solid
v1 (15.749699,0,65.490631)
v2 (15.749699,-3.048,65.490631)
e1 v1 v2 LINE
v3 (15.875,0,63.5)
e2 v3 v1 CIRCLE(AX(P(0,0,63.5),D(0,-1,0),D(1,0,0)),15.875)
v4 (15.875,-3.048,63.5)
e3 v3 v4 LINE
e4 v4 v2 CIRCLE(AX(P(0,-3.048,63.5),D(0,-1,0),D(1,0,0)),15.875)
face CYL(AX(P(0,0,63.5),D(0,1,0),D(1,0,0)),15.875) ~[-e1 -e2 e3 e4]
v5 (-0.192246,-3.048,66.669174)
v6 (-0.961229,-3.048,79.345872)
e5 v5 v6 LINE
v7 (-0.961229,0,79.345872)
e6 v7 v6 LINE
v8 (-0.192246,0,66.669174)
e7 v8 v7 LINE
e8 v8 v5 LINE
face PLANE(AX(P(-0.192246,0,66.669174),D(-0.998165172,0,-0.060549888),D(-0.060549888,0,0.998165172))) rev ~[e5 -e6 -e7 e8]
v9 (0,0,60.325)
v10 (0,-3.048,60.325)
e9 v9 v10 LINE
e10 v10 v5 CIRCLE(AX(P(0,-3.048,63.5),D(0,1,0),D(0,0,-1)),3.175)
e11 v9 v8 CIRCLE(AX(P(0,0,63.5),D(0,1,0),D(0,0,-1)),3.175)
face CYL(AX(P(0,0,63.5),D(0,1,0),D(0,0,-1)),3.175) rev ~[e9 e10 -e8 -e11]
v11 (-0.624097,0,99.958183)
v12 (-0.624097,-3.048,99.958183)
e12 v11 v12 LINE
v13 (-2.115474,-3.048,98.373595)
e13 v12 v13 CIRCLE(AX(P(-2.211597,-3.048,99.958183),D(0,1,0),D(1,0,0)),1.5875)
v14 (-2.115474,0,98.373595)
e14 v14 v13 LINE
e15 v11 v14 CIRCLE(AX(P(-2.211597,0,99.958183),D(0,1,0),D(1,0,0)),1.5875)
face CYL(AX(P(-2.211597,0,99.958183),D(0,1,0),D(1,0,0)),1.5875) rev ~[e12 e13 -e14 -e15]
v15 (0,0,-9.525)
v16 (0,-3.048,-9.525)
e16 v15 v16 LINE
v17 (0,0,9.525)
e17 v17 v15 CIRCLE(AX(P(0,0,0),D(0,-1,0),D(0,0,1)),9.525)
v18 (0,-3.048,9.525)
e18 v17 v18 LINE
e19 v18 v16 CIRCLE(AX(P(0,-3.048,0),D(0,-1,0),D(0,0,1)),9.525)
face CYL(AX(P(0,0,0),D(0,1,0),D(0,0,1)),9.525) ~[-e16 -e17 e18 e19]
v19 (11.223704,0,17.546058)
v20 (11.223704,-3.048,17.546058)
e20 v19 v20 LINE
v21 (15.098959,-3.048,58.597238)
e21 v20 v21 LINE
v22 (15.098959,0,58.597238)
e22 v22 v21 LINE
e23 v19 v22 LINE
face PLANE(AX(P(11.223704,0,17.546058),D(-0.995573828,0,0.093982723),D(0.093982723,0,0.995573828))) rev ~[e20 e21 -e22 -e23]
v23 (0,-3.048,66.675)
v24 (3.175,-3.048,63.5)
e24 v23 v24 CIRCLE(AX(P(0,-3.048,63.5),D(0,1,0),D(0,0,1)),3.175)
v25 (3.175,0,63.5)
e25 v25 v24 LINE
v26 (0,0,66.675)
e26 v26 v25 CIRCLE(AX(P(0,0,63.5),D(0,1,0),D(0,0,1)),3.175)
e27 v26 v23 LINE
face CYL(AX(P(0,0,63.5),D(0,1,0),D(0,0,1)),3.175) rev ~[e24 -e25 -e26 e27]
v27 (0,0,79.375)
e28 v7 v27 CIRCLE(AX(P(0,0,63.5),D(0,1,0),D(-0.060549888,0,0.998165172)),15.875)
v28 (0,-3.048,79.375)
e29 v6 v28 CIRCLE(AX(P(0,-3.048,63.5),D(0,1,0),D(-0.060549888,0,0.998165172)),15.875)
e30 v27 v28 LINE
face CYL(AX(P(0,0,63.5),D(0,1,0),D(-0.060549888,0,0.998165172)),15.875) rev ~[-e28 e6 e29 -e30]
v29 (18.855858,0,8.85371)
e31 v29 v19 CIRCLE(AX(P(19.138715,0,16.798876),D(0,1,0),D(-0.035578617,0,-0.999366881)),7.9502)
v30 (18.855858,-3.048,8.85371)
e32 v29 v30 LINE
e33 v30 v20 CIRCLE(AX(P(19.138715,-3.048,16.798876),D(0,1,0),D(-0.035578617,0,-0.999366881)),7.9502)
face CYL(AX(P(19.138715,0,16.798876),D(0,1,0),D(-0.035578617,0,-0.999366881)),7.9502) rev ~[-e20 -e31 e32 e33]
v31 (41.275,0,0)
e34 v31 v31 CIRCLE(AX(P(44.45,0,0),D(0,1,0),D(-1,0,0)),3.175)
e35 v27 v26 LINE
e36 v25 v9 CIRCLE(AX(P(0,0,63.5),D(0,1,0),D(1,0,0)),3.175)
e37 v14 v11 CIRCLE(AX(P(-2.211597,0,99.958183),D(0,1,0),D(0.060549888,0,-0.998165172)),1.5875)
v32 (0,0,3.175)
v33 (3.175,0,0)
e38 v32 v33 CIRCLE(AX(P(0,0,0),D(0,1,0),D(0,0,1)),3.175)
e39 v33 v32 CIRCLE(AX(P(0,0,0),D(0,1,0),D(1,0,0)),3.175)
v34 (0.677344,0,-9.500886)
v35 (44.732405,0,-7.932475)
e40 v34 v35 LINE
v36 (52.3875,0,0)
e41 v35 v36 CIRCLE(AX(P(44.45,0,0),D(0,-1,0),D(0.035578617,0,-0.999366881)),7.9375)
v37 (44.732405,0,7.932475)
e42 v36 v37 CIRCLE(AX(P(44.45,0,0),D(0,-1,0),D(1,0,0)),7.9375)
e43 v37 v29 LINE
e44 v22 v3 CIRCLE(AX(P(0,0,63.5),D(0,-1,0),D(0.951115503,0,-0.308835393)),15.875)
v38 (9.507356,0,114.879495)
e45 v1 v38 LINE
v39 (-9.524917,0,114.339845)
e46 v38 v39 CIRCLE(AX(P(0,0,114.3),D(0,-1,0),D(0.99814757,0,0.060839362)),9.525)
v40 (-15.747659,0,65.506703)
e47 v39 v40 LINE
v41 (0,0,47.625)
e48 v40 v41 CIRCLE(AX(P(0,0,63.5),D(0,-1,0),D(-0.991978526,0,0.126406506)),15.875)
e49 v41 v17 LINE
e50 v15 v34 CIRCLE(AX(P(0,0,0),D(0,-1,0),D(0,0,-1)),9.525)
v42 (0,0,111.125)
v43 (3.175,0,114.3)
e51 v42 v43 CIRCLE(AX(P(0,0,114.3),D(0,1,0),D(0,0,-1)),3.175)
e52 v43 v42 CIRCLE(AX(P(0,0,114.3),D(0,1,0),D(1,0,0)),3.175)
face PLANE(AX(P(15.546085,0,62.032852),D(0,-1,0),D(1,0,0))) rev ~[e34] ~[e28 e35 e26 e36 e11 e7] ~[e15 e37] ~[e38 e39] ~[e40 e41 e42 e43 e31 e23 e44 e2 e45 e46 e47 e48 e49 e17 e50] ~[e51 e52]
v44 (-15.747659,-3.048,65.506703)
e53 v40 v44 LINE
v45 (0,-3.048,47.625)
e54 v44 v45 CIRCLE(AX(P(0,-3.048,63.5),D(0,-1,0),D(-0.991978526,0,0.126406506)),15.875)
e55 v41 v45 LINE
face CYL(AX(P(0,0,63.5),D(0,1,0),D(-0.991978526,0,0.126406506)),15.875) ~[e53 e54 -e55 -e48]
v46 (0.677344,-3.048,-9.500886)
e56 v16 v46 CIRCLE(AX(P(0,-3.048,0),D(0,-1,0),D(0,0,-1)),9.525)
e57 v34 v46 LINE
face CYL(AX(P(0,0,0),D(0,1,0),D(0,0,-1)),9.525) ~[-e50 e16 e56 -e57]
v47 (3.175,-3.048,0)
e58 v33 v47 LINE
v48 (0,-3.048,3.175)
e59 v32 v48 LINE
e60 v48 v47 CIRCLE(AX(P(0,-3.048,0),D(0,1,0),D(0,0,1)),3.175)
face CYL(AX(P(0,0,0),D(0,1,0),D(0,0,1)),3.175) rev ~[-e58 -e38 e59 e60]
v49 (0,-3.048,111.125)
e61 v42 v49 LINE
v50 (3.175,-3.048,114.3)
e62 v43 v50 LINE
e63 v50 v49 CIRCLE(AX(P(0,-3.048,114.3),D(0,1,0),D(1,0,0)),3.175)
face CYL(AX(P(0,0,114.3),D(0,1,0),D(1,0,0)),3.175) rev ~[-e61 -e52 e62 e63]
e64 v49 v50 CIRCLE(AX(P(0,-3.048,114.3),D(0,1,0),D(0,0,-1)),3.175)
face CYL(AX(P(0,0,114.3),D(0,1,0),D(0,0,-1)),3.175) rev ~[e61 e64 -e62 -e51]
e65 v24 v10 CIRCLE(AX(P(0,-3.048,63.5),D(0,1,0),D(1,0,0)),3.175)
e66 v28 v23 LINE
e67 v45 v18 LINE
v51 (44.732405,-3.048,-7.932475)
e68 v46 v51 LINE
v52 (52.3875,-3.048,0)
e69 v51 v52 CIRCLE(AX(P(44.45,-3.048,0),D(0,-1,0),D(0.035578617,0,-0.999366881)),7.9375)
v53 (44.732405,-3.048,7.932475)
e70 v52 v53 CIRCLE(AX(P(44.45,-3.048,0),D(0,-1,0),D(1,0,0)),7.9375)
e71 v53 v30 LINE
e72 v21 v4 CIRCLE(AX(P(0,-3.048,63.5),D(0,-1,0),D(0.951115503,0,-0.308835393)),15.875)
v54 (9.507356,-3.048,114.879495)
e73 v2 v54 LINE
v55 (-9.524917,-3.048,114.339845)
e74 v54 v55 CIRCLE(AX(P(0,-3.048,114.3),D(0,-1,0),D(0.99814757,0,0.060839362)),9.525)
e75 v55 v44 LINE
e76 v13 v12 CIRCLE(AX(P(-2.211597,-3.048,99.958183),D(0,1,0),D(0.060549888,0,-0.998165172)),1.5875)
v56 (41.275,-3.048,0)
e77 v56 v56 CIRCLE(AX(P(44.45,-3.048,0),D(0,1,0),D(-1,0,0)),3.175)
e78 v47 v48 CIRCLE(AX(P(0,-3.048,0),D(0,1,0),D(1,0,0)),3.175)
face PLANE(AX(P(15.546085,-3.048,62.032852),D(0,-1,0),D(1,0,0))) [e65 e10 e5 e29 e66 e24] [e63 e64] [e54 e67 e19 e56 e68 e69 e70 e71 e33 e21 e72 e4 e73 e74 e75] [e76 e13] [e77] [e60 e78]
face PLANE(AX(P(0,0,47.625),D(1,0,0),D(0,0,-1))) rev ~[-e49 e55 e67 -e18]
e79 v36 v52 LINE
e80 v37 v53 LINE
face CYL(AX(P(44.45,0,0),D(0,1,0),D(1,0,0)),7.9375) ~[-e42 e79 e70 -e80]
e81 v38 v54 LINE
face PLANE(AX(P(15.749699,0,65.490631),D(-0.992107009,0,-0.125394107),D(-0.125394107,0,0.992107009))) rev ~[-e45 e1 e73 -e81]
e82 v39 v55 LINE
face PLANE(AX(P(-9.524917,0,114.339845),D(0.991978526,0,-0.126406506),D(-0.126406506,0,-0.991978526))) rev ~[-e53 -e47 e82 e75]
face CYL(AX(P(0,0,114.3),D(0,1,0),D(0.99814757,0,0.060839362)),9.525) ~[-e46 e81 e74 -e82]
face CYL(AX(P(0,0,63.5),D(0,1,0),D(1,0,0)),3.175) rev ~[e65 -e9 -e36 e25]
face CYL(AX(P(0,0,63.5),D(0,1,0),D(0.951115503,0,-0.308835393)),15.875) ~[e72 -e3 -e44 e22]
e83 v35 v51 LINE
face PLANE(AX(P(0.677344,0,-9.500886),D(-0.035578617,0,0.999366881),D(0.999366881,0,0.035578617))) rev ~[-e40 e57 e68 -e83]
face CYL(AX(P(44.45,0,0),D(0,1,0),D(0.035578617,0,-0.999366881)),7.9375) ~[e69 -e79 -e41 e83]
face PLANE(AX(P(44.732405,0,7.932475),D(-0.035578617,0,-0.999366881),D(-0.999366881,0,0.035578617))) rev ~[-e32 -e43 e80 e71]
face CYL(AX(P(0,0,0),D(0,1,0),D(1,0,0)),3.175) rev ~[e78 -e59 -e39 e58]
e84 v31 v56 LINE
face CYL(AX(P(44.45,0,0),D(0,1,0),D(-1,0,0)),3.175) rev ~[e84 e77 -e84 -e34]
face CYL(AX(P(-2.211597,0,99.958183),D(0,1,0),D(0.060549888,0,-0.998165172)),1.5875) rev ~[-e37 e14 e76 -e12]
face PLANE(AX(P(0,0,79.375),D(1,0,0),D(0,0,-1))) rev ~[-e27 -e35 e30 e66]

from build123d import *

# Parameters (mm, degrees)
F1_DEPTH = 3.048


with BuildPart() as f1:
    # F0 (on Front) → F1 (new body)
    with BuildSketch(Plane.XZ):
        with BuildLine():
            ThreePointArc((15.0989586091, 58.5972381334), (15.6797894265, 61.0180998126), (15.875, 63.5))
            ThreePointArc((15.875, 63.5), (15.843643726, 64.4972855577), (15.7496987737, 65.4906314418))
            Line((15.7496987737, 65.4906314418), (15.0989586091, 58.5972381334))
        make_face()
        with BuildLine():
            Line((15.0989586091, 58.5972381334), (15.7496987737, 65.4906314418))
            ThreePointArc((15.7496987737, 65.4906314418), (10.4979605367, 75.408335298), (0, 79.375))
            Line((0, 79.375), (0, 66.675))
            ThreePointArc((0, 66.675), (2.2450640303, 65.7450640303), (3.175, 63.5))
            ThreePointArc((3.175, 63.5), (2.2450640303, 61.2549359697), (0, 60.325))
            Line((0, 60.325), (0, 47.625))
            ThreePointArc((0, 47.625), (9.3323169783, 50.6577461162), (15.0989586091, 58.5972381334))
        make_face()
        with BuildLine():
            ThreePointArc((0, 79.375), (10.4979605367, 75.408335298), (15.7496987737, 65.4906314418))
            Line((15.7496987737, 65.4906314418), (9.5073556067, 114.8794949239))
            ThreePointArc((9.5073556067, 114.8794949239), (9.5205878798, 114.5898817394), (9.525, 114.3))
            ThreePointArc((9.525, 114.3), (6.7351920908, 107.5648079092), (0, 104.775))
            Line((0, 104.775), (0, 79.375))
        make_face()
        with BuildLine():
            Line((11.2237043258, 17.546057651), (15.0989586091, 58.5972381334))
            ThreePointArc((15.0989586091, 58.5972381334), (9.3323169783, 50.6577461162), (0, 47.625))
            Line((0, 47.625), (0, 9.525))
            ThreePointArc((0, 9.525), (6.7351920908, 6.7351920908), (9.525, 0))
            Line((9.525, 0), (36.5125, 0))
            ThreePointArc((36.5125, 0), (38.9380895153, 5.7116327839), (44.7324052746, 7.9324746146))
            Line((44.7324052746, 7.9324746146), (18.8558582529, 8.853709629))
            ThreePointArc((18.8558582529, 8.853709629), (13.1645636219, 11.5533837704), (11.2237043258, 17.546057651))
        make_face()
        with BuildLine():
            ThreePointArc((-0.9612294652, 79.3458721096), (-0.4808353457, 79.3677163565), (0, 79.375))
            Line((0, 79.375), (0, 104.775))
            ThreePointArc((0, 104.775), (-6.7492648996, 107.5789101839), (-9.5249166577, 114.339845498))
            Line((-9.5249166577, 114.339845498), (-15.7476590945, 65.5067032771))
            ThreePointArc((-15.7476590945, 65.5067032771), (-10.8479208938, 75.0904373205), (-0.9612294652, 79.3458721096))
        make_face()
        with BuildLine():
            ThreePointArc((-0.6240967535, 99.9581825499), (-1.0555795763, 98.8701657595), (-2.1154738069, 98.3735953389))
            ThreePointArc((-2.1154738069, 98.3735953389), (-3.3676139306, 101.0461993403), (-0.6240967535, 99.9581825499))
        make_face(mode=Mode.SUBTRACT)
        with BuildLine():
            ThreePointArc((9.525, 114.3), (9.5205878798, 114.5898817394), (9.5073556067, 114.8794949239))
            ThreePointArc((9.5073556067, 114.8794949239), (-0.2699675413, 123.8211733797), (-9.5249166577, 114.339845498))
            ThreePointArc((-9.5249166577, 114.339845498), (-6.7492648996, 107.5789101839), (0, 104.775))
            ThreePointArc((0, 104.775), (6.7351920908, 107.5648079092), (9.525, 114.3))
        make_face()
        with BuildLine():
            ThreePointArc((3.175, 114.3), (2.2450640303, 112.0549359697), (0, 111.125))
            ThreePointArc((0, 111.125), (-2.2450640303, 116.5450640303), (3.175, 114.3))
        make_face(mode=Mode.SUBTRACT)
        with BuildLine():
            ThreePointArc((-15.0944695401, 58.5834347047), (-9.3264449534, 50.6534810345), (0, 47.625))
            Line((0, 47.625), (0, 60.325))
            ThreePointArc((0, 60.325), (-3.1735432713, 63.4038329309), (-0.192245893, 66.6691744219))
            Line((-0.192245893, 66.6691744219), (-0.9612294652, 79.3458721096))
            ThreePointArc((-0.9612294652, 79.3458721096), (-10.8479208938, 75.0904373205), (-15.7476590945, 65.5067032771))
            Line((-15.7476590945, 65.5067032771), (-15.0944695401, 58.5834347047))
        make_face()
        with BuildLine():
            ThreePointArc((-15.7476590945, 65.5067032771), (-15.8048137164, 62.00886339), (-15.0944695401, 58.5834347047))
            Line((-15.0944695401, 58.5834347047), (-15.7476590945, 65.5067032771))
        make_face()
        with BuildLine():
            ThreePointArc((9.525, 0), (6.7351920908, 6.7351920908), (0, 9.525))
            Line((0, 9.525), (0, 3.175))
            ThreePointArc((0, 3.175), (2.2450640303, 2.2450640303), (3.175, 0))
            Line((3.175, 0), (9.525, 0))
        make_face()
        with BuildLine():
            Line((0, 3.175), (0, 9.525))
            ThreePointArc((0, 9.525), (-9.525, 0), (0, -9.525))
            Line((0, -9.525), (0.6773435479, -9.500885786))
            ThreePointArc((0.6773435479, -9.500885786), (6.9705567315, -6.4912990883), (9.525, 0))
            Line((9.525, 0), (3.175, 0))
            ThreePointArc((3.175, 0), (-2.2450640303, -2.2450640303), (0, 3.175))
        make_face()
        with BuildLine():
            Line((36.5125, 0), (9.525, 0))
            ThreePointArc((9.525, 0), (6.9705567315, -6.4912990883), (0.6773435479, -9.500885786))
            Line((0.6773435479, -9.500885786), (44.7324052746, -7.9324746146))
            ThreePointArc((44.7324052746, -7.9324746146), (38.9380895153, -5.7116327839), (36.5125, 0))
        make_face()
        with BuildLine():
            Line((0.6773435479, -9.500885786), (0, -9.525))
            ThreePointArc((0, -9.525), (0.3388863295, -9.5189695375), (0.6773435479, -9.500885786))
        make_face()
        with BuildLine():
            ThreePointArc((52.3875, 0), (50.1616327839, 5.5119104847), (44.7324052746, 7.9324746146))
            ThreePointArc((44.7324052746, 7.9324746146), (38.9380895153, 5.7116327839), (36.5125, 0))
            ThreePointArc((36.5125, 0), (38.9380895153, -5.7116327839), (44.7324052746, -7.9324746146))
            ThreePointArc((44.7324052746, -7.9324746146), (50.1616327839, -5.5119104847), (52.3875, 0))
        make_face()
        with BuildLine():
            ThreePointArc((47.625, 0), (44.45, -3.175), (41.275, 0))
            ThreePointArc((41.275, 0), (44.45, 3.175), (47.625, 0))
        make_face(mode=Mode.SUBTRACT)
    extrude(amount=F1_DEPTH)


solid = f1.part
